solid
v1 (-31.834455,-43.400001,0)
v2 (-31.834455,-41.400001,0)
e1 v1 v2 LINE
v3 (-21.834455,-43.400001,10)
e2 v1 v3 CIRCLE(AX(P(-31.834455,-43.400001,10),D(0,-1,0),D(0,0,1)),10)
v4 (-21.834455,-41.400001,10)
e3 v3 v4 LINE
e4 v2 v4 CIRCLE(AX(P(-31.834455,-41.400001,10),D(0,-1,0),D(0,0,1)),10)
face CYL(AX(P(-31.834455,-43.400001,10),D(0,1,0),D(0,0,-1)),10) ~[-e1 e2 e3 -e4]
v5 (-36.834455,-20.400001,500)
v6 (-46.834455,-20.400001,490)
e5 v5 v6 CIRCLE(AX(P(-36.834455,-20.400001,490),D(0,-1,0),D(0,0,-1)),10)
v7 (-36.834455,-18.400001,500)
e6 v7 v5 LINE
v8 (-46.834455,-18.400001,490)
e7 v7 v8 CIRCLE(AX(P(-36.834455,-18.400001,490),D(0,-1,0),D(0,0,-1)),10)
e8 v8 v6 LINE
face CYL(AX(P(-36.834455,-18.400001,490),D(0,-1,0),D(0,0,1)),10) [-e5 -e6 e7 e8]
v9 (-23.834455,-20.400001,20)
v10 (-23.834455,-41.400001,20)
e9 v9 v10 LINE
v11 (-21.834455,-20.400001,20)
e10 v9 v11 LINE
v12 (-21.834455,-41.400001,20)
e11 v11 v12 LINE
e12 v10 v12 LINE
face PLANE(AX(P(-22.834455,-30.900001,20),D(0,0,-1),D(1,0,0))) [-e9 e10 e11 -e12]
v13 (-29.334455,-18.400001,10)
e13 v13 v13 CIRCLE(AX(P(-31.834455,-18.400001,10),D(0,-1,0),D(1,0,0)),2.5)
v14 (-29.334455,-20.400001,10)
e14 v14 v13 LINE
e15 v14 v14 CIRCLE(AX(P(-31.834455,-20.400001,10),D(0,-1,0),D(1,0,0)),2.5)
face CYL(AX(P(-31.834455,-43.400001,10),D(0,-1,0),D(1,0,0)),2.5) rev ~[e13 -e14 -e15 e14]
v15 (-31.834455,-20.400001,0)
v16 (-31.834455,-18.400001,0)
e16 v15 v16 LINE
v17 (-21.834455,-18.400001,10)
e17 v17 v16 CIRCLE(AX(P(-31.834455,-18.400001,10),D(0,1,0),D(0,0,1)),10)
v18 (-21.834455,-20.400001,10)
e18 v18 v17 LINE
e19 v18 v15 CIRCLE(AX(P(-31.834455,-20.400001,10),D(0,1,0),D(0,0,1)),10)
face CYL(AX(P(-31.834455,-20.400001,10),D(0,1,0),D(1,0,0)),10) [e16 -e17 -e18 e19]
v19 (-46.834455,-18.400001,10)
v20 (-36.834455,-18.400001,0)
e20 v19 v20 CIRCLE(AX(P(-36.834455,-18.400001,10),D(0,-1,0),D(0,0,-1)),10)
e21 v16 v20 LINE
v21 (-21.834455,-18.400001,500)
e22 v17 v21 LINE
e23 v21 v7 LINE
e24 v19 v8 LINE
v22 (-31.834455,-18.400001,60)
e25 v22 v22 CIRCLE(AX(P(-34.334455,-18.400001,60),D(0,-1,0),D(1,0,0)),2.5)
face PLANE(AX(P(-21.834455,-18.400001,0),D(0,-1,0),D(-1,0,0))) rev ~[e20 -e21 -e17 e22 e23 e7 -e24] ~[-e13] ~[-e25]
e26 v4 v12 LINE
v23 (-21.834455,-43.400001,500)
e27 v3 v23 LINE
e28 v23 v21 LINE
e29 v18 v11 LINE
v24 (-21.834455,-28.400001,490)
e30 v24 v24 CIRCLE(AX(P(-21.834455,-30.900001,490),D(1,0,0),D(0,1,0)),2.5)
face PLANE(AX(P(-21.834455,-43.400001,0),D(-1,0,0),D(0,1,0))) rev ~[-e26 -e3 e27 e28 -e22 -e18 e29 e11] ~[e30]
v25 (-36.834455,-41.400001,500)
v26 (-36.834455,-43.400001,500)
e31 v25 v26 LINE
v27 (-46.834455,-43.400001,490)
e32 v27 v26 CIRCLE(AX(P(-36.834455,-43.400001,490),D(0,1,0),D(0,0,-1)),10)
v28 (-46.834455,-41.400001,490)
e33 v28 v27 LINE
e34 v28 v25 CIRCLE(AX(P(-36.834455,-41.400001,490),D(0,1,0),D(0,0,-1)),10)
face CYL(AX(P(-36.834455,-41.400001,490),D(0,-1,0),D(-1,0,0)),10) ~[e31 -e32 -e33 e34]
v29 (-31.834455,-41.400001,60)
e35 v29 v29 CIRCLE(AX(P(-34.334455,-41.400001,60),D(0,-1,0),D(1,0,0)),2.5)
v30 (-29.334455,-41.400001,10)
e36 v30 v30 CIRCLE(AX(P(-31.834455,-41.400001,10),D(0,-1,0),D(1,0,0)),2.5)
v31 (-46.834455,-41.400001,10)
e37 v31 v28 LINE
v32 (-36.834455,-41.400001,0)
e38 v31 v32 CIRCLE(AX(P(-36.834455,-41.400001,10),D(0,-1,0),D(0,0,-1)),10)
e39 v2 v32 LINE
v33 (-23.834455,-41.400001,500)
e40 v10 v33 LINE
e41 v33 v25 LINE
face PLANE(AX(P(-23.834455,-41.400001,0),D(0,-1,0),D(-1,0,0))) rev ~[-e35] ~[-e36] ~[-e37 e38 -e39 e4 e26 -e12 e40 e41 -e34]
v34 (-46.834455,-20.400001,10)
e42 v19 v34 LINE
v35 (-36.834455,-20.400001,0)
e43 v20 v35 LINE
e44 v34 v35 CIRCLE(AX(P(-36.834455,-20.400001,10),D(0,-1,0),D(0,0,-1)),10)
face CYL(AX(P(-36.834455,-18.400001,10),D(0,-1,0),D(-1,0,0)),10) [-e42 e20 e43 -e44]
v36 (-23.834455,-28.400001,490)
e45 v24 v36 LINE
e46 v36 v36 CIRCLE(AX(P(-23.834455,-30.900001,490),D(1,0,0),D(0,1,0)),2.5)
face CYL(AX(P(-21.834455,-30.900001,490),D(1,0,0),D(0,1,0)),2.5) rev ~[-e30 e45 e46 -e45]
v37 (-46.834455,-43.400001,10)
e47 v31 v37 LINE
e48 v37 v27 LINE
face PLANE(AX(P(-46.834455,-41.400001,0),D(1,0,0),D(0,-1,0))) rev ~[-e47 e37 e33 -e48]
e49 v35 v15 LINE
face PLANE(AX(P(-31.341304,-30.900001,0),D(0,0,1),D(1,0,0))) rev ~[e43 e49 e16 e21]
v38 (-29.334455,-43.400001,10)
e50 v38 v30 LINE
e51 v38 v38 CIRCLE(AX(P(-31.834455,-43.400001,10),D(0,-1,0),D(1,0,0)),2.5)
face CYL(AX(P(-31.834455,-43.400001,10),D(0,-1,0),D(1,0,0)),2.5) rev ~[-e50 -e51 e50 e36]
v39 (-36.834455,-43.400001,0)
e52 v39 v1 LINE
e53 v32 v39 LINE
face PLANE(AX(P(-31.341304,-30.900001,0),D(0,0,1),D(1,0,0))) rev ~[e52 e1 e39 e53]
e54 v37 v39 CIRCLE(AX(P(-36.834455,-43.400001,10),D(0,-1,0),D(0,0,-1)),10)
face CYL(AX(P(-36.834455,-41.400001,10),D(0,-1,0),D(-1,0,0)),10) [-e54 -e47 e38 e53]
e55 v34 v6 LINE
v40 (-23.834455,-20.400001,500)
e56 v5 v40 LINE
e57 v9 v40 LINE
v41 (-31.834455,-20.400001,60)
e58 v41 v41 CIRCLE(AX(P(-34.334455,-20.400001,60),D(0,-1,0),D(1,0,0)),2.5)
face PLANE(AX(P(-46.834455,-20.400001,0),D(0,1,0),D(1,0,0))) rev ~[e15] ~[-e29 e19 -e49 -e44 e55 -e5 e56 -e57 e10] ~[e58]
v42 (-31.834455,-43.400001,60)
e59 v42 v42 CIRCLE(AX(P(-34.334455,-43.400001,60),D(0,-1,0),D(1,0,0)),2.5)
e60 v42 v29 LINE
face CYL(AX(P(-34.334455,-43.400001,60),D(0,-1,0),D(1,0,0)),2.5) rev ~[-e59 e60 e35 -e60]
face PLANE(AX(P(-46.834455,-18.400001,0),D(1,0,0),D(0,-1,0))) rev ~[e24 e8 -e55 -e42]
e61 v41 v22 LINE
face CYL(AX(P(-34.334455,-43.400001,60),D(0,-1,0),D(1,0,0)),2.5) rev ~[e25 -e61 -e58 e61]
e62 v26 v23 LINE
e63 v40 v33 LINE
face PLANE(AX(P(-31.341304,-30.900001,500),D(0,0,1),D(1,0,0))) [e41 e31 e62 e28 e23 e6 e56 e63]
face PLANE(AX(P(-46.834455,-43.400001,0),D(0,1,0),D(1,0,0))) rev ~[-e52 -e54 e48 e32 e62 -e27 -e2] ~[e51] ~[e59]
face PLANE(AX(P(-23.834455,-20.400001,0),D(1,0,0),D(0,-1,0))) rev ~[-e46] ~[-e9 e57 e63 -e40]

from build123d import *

# Parameters (mm, degrees)
F1_DEPTH  = 500
F2_W      = 2
F2_H      = 21
F3_DEPTH  = 20
F4_R      = 2.5
F5_DEPTH  = 25
F6_R      = 10
F7_R      = 2.5
F8_DEPTH  = 25
F9_R      = 2.5
F10_DEPTH = 25


with BuildPart() as f1:
    # F0 (on Top) → F1 (new body)
    with BuildSketch(Plane.XY):
        Polygon((-46.834455, -41.400001), (-46.834455, -43.400001), (-21.834455, -43.400001), (-21.834455, -18.400001), (-46.834455, -18.400001), (-46.834455, -20.400001), (-23.834455, -20.400001), (-23.834455, -41.400001), align=None)
    extrude(amount=F1_DEPTH)

    # F2 (on face) → F3 (cut)
    with BuildSketch(Plane(origin=(0, 0, 0), x_dir=(1, 0, 0), z_dir=(0, 0, -1))):
        with Locations((-22.834455, 30.900001)):
            Rectangle(F2_W, F2_H)
    extrude(amount=-F3_DEPTH, mode=Mode.SUBTRACT)

    # F4 (on face) → F5 (cut)
    with BuildSketch(Plane.XZ.offset(43.400001)):
        with Locations((-31.834455, 10)):
            Circle(F4_R)
    extrude(amount=-F5_DEPTH, mode=Mode.SUBTRACT)

    # F6
    f6_edges = [f1.edges().sort_by_distance(p)[0] for p in [
        (-46.834455, -19.400001, 0),
        (-46.834455, -42.400001, 0),
        (-46.834455, -42.400001, 500),
        (-46.834455, -19.400001, 500),
        (-21.834455, -42.400001, 0),
        (-21.834455, -19.400001, 0),
    ]]
    fillet(f6_edges, radius=F6_R)

    # F7 (on face) → F8 (cut)
    with BuildSketch(Plane.YZ.offset(-21.834455)):
        with Locations((-30.900001, 490)):
            Circle(F7_R)
    extrude(amount=-F8_DEPTH, mode=Mode.SUBTRACT)

    # F9 (on face) → F10 (cut)
    with BuildSketch(Plane.XZ.offset(43.400001)):
        with Locations((-34.334455, 60)):
            Circle(F9_R)
    extrude(amount=-F10_DEPTH, mode=Mode.SUBTRACT)


solid = f1.part
